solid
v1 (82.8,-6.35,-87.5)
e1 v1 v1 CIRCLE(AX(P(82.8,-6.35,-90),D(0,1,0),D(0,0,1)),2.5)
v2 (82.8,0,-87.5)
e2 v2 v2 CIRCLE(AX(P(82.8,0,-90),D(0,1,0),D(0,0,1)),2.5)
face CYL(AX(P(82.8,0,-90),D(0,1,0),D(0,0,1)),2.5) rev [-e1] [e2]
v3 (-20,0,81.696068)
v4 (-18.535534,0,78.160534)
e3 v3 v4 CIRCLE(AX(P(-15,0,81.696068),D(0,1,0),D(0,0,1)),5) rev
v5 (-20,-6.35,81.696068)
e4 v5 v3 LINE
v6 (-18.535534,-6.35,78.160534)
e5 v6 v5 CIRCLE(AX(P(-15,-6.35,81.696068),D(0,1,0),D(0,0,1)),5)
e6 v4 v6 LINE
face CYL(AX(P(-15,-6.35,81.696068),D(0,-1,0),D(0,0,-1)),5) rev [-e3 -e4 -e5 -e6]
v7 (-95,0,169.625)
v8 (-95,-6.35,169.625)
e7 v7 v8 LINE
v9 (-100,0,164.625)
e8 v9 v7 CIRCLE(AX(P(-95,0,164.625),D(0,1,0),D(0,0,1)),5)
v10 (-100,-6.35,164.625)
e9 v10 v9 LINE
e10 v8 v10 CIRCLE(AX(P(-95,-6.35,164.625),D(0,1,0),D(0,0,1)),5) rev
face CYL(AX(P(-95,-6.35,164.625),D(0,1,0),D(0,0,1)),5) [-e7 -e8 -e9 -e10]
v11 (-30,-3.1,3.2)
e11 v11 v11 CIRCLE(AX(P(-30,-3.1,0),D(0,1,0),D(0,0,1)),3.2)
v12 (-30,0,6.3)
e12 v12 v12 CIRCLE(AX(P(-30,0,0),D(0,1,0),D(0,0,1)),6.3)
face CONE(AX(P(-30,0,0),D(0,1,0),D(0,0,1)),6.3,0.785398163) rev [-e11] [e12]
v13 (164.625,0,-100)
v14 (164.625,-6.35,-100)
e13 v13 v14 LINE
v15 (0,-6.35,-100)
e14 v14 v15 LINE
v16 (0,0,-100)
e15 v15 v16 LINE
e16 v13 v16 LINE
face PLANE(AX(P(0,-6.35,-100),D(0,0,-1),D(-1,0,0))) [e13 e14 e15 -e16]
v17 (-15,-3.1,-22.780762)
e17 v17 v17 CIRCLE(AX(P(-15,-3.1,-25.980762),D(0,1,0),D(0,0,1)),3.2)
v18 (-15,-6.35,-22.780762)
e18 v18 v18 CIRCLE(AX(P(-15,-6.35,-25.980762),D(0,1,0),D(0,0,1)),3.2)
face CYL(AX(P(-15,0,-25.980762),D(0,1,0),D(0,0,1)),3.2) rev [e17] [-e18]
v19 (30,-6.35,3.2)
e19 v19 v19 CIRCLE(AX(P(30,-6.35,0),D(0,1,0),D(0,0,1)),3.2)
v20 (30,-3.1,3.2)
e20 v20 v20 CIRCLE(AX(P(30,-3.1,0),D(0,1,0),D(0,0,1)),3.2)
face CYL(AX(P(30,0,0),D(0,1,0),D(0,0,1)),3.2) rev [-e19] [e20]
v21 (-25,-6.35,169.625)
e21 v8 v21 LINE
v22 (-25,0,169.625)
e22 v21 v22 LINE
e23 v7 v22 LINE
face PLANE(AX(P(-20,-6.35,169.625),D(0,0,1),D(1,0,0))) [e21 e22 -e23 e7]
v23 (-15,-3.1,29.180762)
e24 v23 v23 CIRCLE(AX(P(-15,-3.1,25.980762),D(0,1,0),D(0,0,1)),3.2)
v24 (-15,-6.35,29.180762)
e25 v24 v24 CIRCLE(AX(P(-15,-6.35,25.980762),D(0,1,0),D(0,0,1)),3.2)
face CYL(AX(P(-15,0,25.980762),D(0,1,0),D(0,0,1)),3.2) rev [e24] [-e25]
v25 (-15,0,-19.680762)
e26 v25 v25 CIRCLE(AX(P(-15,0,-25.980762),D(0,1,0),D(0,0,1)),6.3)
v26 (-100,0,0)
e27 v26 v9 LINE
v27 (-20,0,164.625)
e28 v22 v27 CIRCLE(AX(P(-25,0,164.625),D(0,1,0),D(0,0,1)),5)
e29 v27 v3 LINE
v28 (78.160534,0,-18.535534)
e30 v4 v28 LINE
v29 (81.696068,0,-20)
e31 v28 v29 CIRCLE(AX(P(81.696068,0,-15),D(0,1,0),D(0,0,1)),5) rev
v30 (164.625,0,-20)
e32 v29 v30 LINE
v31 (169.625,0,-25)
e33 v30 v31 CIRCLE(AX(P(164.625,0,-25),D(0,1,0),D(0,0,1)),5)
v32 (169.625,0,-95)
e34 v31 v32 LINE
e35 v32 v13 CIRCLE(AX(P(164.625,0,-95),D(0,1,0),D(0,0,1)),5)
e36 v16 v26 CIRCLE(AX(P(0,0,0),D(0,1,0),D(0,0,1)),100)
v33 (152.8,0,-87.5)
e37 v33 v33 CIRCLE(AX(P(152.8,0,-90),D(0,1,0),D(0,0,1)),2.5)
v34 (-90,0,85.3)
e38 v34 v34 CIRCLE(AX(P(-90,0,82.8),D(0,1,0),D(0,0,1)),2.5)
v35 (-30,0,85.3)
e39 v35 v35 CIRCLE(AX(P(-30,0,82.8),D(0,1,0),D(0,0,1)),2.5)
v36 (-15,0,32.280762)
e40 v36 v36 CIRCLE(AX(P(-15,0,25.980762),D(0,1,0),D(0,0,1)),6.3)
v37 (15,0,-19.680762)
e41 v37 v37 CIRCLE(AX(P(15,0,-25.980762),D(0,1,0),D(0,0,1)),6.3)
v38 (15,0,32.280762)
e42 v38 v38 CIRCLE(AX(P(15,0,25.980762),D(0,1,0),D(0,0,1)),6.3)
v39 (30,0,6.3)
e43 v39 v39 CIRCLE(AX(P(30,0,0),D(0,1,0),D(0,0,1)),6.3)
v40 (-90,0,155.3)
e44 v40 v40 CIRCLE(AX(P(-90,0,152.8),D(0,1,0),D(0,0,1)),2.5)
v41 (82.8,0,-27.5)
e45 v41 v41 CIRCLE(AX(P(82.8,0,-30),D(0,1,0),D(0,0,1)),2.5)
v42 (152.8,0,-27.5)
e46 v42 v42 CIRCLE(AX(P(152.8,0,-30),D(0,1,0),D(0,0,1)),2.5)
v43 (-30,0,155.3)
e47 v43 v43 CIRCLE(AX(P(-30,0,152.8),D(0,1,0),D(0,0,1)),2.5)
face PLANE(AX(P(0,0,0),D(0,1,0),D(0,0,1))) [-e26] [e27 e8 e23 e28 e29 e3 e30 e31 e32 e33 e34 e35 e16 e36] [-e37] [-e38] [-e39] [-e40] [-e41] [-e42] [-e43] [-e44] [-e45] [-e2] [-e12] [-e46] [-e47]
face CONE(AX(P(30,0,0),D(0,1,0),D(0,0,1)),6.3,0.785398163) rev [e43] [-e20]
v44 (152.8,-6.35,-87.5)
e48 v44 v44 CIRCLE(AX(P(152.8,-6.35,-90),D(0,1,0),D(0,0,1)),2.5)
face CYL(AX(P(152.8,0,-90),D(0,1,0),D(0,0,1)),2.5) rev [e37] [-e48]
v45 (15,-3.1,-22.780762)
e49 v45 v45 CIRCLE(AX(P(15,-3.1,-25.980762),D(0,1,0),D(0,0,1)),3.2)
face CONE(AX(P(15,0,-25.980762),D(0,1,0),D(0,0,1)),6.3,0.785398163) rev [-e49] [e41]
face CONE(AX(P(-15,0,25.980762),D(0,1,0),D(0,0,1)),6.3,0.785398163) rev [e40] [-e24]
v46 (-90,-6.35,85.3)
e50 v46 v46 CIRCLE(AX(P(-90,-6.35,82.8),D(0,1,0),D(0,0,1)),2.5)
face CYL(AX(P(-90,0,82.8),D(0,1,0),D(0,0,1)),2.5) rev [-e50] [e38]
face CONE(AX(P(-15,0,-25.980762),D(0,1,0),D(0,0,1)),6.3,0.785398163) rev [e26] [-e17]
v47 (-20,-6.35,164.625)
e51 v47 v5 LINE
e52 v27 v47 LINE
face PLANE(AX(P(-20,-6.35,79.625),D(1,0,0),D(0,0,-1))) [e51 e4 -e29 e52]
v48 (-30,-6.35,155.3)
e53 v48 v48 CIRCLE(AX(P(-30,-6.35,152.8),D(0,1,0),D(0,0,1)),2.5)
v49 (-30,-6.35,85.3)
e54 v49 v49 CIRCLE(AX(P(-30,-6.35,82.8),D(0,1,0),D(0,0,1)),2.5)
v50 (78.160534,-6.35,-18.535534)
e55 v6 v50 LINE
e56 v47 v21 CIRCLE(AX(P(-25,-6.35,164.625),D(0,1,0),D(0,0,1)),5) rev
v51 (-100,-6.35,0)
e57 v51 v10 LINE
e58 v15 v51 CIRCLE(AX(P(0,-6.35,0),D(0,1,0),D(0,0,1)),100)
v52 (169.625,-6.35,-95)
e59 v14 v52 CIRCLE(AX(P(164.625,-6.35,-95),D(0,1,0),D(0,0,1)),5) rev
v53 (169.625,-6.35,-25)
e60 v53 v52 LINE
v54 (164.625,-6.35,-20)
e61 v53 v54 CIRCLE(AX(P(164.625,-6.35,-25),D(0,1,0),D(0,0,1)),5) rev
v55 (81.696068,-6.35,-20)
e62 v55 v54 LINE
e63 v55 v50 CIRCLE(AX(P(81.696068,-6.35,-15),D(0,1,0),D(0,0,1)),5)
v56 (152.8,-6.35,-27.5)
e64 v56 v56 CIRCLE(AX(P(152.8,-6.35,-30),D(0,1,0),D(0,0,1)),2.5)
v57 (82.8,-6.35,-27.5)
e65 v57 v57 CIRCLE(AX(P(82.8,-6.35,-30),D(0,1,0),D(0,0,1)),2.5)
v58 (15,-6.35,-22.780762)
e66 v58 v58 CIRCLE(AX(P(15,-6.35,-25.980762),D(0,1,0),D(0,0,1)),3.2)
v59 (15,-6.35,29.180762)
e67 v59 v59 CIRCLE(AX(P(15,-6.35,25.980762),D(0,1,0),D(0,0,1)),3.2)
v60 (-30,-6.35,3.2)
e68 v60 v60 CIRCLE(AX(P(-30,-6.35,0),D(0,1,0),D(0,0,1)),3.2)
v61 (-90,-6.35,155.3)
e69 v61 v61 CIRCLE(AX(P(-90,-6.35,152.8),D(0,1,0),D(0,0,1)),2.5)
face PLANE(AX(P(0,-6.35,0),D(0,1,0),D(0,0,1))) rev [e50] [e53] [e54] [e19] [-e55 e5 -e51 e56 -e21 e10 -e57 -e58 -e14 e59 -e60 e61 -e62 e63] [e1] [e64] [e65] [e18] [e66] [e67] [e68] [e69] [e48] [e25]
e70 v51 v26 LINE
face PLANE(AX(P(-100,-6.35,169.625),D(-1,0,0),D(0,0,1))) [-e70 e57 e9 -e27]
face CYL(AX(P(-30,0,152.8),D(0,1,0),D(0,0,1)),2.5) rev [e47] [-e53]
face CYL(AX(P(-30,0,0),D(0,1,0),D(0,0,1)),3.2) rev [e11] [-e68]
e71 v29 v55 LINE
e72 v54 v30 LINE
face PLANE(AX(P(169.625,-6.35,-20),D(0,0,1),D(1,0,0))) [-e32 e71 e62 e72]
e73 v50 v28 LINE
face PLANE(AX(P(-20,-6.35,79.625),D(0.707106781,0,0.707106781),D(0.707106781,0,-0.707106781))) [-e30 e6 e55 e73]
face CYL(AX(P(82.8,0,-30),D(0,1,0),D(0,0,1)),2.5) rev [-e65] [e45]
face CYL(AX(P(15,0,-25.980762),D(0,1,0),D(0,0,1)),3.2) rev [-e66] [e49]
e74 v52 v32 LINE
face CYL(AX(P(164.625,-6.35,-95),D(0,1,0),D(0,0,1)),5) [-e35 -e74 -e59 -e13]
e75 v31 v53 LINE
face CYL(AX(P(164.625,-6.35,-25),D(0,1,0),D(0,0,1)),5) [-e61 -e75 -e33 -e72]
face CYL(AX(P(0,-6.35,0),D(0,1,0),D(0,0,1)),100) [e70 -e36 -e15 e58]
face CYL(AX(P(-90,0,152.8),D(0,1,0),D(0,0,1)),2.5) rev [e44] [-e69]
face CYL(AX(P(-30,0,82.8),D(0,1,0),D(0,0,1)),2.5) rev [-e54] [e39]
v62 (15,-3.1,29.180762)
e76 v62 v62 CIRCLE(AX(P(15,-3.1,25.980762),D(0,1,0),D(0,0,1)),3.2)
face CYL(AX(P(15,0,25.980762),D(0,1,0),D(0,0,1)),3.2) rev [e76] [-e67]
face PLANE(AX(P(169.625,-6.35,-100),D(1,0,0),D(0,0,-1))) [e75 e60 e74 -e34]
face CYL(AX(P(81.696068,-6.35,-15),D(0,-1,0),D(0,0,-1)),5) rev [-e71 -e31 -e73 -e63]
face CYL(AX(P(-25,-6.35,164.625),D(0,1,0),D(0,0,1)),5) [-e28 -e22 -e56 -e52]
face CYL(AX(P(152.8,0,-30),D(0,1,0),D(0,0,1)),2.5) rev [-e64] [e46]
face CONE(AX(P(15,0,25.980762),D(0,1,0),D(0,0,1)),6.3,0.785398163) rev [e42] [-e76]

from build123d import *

# Parameters (mm, degrees)
BOSS_EXTRUDE1_DEPTH                             = 6.35
FILLET1_R                                       = 5
TAP_DRILL_FOR_M6X1_0_TAP1_D                     = 5
CSK_FOR_M6_FLAT_HEAD_MACHINE_SCREW1_D           = 6.4
CSK_FOR_M6_FLAT_HEAD_MACHINE_SCREW1_CSINK_D     = 12.6
CSK_FOR_M6_FLAT_HEAD_MACHINE_SCREW1_CSINK_ANGLE = 90


with BuildPart() as part:
    # Sketch1 → Boss-Extrude1 (new body)
    with BuildSketch(Plane(origin=(0, 0, 0), x_dir=(1, 0, 0), z_dir=(0, 1, 0))):
        with BuildLine():
            Line((0, 100), (169.625, 100))
            Line((169.625, 100), (169.625, 20))
            Line((169.625, 20), (79.625, 20))
            Line((79.625, 20), (-20, -79.625))
            Line((-20, -79.625), (-20, -169.625))
            Line((-20, -169.625), (-100, -169.625))
            Line((-100, -169.625), (-100, 0))
            ThreePointArc((-100, 0), (-70.710678119, 70.710678119), (0, 100))
        make_face()
    extrude(amount=-BOSS_EXTRUDE1_DEPTH)

    # Fillet1
    fillet1_edges = [part.edges().sort_by_distance(p)[0] for p in [
        (169.625, -3.175, -20),
        (79.625, -3.175, -20),
        (-20, -3.175, 79.625),
        (-20, -3.175, 169.625),
        (-100, -3.175, 169.625),
        (169.625, -3.175, -100),
    ]]
    fillet(fillet1_edges, radius=FILLET1_R)

    # Tap Drill for M6x1.0 Tap1 (through all)
    with Locations(Plane(origin=(82.8, 0, -90), x_dir=(0, 0, 1), z_dir=(0, 1, 0))):
        with Locations((0, 0), (0, 70), (60, 70), (172.8, -172.8), (172.8, -112.8), (242.8, -112.8), (242.8, -172.8), (60, 0)):
            Hole(TAP_DRILL_FOR_M6X1_0_TAP1_D / 2)

    # CSK for M6 Flat Head Machine Screw1 (through all)
    with Locations(Plane(origin=(15, 0, -25.980762114), x_dir=(0, 0, 1), z_dir=(0, 1, 0))):
        with Locations((0, 0), (25.980762114, 15), (51.961524228, 0), (51.961524228, -30), (25.980762114, -45), (0, -30)):
            CounterSinkHole(CSK_FOR_M6_FLAT_HEAD_MACHINE_SCREW1_D / 2, CSK_FOR_M6_FLAT_HEAD_MACHINE_SCREW1_CSINK_D / 2, counter_sink_angle=CSK_FOR_M6_FLAT_HEAD_MACHINE_SCREW1_CSINK_ANGLE)


solid = part.part
